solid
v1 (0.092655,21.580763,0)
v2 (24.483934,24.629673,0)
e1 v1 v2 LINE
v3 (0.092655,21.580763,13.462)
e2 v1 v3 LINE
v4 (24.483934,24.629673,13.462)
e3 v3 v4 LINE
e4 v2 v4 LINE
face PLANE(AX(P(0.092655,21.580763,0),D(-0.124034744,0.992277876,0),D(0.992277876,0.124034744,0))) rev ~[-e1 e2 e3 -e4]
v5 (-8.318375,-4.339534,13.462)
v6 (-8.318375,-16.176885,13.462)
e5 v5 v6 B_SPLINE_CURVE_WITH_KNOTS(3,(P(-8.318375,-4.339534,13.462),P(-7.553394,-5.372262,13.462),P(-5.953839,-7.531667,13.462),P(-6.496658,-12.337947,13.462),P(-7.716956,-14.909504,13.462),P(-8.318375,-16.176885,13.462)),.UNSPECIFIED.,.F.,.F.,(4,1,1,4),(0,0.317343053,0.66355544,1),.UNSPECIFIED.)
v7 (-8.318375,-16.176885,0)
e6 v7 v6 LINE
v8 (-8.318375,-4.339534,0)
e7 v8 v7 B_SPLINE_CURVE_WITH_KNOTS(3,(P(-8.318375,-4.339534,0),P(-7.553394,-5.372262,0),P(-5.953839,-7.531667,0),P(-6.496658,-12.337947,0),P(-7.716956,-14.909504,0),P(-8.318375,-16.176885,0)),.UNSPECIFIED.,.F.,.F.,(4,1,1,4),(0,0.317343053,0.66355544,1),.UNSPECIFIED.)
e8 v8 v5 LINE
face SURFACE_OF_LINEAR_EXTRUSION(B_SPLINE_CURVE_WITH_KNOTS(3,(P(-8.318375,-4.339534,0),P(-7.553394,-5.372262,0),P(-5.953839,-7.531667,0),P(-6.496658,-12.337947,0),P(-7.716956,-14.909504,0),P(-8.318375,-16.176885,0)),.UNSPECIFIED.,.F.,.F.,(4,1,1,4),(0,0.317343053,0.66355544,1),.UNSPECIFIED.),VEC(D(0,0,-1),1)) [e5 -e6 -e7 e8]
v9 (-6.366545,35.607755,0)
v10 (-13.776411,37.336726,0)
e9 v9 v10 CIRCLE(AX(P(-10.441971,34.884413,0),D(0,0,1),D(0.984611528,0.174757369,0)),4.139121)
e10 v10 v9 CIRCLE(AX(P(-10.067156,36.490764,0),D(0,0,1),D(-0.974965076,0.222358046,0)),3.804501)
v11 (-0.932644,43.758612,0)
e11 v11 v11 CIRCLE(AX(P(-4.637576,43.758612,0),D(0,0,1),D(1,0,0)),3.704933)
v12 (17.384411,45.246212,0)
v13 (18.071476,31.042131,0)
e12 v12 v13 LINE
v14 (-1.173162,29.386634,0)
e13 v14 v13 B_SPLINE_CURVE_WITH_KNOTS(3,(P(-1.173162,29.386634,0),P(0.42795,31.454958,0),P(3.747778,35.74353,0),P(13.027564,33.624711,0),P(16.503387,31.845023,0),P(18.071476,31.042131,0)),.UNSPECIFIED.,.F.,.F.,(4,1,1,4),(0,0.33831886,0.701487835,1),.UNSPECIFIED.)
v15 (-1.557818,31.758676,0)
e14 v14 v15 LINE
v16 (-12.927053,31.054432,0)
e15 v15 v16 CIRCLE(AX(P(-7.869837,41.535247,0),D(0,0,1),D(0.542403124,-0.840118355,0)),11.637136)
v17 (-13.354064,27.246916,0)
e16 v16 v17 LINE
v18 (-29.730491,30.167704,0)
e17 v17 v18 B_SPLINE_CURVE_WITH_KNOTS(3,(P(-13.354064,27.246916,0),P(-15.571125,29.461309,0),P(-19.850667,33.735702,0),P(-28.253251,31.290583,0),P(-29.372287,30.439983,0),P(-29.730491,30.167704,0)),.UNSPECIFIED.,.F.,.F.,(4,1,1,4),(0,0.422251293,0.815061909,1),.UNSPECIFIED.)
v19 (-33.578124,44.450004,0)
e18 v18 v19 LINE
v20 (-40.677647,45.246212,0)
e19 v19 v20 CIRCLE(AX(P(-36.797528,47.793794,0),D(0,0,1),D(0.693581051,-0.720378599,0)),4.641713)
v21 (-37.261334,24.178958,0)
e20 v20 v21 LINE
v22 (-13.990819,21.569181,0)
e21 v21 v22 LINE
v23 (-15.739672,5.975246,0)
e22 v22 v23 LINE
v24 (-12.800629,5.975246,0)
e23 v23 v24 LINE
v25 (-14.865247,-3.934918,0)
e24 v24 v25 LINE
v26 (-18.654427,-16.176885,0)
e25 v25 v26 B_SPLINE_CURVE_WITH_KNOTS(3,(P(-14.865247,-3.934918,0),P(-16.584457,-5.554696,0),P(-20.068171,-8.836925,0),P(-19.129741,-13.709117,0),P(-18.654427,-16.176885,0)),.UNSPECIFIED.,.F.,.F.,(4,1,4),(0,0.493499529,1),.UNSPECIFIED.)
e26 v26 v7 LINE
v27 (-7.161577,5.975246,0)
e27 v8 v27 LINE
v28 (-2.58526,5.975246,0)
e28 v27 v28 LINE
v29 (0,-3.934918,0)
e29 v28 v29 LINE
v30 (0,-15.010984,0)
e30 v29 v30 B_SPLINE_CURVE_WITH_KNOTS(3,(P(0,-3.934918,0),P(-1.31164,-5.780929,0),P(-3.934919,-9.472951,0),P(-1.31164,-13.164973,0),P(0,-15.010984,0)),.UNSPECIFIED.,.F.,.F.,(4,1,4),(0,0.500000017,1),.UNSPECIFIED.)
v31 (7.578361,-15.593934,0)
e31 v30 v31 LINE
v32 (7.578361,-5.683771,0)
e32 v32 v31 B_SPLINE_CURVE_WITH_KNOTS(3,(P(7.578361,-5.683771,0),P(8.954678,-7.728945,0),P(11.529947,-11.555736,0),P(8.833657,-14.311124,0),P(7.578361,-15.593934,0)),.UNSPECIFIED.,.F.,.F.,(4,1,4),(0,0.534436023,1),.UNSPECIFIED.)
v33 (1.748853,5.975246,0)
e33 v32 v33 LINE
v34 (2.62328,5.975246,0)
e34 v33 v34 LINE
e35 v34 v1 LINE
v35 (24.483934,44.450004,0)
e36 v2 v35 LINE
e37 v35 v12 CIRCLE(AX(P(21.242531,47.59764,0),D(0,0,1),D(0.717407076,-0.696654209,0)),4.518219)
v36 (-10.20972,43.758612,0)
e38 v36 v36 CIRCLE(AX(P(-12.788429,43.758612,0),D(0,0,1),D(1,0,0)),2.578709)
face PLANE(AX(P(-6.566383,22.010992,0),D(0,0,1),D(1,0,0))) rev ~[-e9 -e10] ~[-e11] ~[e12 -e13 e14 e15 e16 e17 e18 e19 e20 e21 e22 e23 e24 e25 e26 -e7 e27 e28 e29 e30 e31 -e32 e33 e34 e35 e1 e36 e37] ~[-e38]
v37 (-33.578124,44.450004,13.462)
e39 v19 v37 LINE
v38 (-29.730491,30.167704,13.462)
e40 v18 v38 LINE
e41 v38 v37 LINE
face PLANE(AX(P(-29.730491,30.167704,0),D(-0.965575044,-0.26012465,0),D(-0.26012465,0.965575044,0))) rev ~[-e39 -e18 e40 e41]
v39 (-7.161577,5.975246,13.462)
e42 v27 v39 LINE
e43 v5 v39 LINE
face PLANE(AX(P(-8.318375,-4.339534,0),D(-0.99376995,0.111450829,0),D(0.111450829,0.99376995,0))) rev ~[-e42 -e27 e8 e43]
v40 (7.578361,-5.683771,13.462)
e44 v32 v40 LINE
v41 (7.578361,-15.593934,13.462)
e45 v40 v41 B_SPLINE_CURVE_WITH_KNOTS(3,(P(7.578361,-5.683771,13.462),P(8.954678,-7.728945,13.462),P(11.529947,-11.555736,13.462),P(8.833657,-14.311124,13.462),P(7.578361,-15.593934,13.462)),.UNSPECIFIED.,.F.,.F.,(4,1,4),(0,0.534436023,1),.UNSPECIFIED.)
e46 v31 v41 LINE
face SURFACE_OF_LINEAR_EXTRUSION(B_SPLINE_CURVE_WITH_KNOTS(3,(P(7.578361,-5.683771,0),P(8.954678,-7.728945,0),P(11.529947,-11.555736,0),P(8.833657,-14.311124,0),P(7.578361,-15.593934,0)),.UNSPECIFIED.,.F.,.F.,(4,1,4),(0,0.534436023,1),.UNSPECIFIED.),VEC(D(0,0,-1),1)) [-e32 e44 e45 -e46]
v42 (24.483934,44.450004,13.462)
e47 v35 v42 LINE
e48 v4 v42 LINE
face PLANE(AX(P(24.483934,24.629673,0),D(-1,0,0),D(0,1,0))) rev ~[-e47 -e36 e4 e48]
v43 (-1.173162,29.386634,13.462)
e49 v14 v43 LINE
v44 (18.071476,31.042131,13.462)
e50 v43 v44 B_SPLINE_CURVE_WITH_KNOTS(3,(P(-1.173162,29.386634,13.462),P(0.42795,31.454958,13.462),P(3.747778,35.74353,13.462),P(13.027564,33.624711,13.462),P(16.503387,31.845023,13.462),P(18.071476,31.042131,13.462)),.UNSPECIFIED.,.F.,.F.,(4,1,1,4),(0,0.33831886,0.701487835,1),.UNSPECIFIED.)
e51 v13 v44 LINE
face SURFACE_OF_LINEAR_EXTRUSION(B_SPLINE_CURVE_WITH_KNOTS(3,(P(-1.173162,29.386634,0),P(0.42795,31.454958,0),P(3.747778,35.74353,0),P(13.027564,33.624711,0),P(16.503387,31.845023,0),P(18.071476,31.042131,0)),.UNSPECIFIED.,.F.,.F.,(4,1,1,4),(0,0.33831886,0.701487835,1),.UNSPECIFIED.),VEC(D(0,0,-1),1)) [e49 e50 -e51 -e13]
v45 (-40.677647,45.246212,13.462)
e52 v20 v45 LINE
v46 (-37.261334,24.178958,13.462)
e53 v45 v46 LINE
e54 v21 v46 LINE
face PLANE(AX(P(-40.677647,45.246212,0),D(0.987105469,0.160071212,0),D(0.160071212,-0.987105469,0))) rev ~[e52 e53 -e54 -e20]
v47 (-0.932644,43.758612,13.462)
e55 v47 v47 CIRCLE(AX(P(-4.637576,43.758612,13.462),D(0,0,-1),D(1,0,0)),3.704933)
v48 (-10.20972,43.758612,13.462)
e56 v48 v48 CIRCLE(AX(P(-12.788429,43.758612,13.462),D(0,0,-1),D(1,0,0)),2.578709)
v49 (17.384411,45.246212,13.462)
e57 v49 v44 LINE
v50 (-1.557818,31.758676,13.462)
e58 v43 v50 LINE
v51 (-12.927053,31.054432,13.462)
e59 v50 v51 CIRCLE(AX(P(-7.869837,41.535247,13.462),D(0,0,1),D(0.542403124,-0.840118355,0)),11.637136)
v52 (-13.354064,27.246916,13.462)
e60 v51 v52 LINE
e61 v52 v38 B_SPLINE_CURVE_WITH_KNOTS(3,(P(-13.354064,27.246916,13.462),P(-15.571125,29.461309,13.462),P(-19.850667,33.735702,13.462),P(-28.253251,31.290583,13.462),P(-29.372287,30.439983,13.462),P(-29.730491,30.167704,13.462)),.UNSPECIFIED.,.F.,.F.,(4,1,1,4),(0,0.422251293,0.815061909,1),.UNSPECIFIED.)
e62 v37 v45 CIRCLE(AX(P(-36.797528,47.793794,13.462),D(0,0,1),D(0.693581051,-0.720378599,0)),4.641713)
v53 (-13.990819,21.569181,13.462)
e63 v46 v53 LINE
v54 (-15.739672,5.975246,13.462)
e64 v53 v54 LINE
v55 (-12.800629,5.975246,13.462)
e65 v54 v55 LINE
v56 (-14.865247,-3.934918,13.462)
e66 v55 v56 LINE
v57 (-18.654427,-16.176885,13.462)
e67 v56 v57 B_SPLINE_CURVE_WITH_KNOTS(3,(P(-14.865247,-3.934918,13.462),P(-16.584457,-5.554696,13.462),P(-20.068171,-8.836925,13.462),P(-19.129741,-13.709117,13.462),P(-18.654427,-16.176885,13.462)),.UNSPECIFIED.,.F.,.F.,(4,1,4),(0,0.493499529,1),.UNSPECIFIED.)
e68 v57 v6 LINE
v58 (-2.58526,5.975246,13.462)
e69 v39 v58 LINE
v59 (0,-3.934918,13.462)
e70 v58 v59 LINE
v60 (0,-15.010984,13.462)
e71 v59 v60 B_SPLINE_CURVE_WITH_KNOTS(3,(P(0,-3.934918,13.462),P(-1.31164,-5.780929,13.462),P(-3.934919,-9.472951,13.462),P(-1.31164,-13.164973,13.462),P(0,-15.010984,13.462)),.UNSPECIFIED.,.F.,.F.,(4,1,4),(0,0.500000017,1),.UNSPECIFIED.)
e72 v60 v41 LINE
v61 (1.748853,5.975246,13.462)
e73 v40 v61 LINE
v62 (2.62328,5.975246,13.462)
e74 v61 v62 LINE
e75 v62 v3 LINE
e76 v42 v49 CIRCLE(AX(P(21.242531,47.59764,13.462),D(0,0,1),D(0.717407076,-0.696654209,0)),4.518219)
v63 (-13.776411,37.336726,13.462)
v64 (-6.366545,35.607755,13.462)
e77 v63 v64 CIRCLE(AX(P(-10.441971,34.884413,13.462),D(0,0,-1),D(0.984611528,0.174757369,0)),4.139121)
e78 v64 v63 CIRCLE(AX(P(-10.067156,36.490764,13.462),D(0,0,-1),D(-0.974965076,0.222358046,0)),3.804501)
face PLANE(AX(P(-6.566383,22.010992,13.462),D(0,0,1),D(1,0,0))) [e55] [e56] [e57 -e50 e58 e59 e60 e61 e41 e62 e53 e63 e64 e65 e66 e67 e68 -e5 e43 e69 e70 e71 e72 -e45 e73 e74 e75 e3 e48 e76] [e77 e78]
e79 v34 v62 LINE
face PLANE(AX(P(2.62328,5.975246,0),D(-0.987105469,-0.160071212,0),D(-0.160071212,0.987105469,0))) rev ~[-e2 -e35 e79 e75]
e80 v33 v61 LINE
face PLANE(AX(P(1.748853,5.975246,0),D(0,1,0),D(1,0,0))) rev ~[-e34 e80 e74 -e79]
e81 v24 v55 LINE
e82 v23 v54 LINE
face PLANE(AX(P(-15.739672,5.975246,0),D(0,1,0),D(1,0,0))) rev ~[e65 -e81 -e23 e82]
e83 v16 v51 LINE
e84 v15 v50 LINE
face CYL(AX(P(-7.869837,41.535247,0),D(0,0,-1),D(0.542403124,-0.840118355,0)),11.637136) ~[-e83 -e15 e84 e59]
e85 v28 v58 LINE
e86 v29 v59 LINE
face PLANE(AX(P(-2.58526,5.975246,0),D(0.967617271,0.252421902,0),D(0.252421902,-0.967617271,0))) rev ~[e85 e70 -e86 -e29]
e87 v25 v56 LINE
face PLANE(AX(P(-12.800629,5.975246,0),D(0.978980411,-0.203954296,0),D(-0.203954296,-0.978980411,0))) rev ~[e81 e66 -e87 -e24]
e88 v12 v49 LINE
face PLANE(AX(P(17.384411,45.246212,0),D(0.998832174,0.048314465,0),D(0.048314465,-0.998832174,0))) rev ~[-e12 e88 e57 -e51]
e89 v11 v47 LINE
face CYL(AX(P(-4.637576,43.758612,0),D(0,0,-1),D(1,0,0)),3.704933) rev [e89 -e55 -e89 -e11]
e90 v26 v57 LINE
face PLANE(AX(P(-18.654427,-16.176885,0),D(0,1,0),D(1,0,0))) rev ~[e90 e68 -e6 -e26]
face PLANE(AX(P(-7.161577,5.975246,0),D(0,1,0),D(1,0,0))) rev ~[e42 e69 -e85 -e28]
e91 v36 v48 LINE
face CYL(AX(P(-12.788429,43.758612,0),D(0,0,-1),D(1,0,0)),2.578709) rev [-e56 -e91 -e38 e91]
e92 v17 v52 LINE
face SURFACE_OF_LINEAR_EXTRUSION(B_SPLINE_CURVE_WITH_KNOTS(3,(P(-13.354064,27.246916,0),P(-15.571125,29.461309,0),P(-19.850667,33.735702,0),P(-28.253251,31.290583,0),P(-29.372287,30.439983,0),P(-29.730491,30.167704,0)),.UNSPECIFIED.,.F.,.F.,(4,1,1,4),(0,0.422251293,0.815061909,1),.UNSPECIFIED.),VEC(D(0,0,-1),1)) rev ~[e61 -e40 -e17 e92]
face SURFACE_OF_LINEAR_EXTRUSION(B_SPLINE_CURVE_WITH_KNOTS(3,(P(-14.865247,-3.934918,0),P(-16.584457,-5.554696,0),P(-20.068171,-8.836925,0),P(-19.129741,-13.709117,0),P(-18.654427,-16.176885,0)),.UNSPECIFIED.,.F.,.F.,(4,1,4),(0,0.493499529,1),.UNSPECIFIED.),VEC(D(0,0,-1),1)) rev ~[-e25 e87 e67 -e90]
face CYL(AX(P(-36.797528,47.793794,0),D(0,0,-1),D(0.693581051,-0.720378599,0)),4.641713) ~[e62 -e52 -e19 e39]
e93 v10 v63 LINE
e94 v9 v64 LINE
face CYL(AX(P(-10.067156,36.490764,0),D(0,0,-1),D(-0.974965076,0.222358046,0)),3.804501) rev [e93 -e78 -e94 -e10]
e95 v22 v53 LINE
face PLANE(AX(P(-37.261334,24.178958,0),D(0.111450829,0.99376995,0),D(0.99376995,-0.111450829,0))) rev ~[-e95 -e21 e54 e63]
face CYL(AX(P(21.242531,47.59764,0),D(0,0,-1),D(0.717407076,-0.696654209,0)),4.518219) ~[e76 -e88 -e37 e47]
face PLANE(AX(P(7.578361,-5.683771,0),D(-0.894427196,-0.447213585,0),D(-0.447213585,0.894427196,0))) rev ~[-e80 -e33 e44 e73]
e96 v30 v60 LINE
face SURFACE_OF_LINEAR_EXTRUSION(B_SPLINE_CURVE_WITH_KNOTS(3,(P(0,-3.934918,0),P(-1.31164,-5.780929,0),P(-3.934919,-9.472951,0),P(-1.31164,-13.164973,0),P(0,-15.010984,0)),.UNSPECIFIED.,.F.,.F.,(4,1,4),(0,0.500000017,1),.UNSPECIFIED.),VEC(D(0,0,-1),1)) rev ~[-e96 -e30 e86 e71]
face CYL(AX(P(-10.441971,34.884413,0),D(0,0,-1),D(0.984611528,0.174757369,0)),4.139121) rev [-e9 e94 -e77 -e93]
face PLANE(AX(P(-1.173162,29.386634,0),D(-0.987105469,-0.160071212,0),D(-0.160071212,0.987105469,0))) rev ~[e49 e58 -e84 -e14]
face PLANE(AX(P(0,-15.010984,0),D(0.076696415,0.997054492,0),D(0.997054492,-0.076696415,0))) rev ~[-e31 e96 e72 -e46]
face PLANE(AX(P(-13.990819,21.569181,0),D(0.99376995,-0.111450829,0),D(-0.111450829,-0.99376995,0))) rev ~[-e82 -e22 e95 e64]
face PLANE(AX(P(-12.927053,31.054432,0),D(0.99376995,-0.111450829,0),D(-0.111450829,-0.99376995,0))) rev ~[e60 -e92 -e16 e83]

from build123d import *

# Parameters (mm, degrees)
F1_DEPTH = 13.462
F2_R     = 2.5787086855
F2_R_2   = 3.7049325183
F3_DEPTH = 51.054


with BuildPart() as f1:
    # F0 (on Top) → F1 (new body)
    with BuildSketch(Plane.XY):
        with BuildLine():
            Line((-1.1731624716, 29.386633506), (-1.5578181103, 31.7586758036))
            ThreePointArc((-1.5578181103, 31.7586758036), (-8.5892966055, 53.1501214266), (-12.9270530787, 31.0544317011))
            Line((-12.9270530787, 31.0544317011), (-13.3540641995, 27.2469156661))
            add(Edge.make_bspline(
                [(-13.3540641995, 27.2469156661), (-15.5711252213, 29.4613092868), (-19.8506668609, 33.7357021036), (-28.2532507221, 31.2905825189), (-29.3722865567, 30.4399825667), (-29.7304913402, 30.1677044481)],
                knots=[0, 0, 0, 0, 0.4222512928, 0.8150619094, 1, 1, 1, 1], degree=3))
            Line((-29.7304913402, 30.1677044481), (-33.5781240097, 44.4500036538))
            ThreePointArc((-33.5781240097, 44.4500036538), (-36.2802052519, 52.4065887456), (-40.6776466348, 45.246211755))
            Line((-40.6776466348, 45.246211755), (-37.2613340838, 24.1789581996))
            Line((-37.2613340838, 24.1789581996), (-13.9908194542, 21.5691810008))
            Line((-13.9908194542, 21.5691810008), (-15.739671886, 5.9752459638))
            Line((-15.739671886, 5.9752459638), (-12.8006286751, 5.9752459638))
            Line((-12.8006286751, 5.9752459638), (-14.8652466014, -3.9349179715))
            add(Edge.make_bspline(
                [(-14.8652466014, -3.9349179715), (-16.5844574114, -5.5546961752), (-20.0681705882, -8.836924648), (-19.1297413908, -13.7091171795), (-18.6544265598, -16.1768849941)],
                knots=[0, 0, 0, 0, 0.4934995285, 1, 1, 1, 1], degree=3))
            Line((-18.6544265598, -16.1768849941), (-8.318375005, -16.1768849941))
            add(Edge.make_bspline(
                [(-8.318375005, -4.3395342669), (-7.5533936495, -5.3722621317), (-5.9538390521, -7.5316671838), (-6.4966581003, -12.3379470113), (-7.7169562666, -14.9095040786), (-8.318375005, -16.1768849941)],
                knots=[0, 0, 0, 0, 0.3173430534, 0.66355544, 1, 1, 1, 1], degree=3))
            Line((-8.318375005, -4.3395342669), (-7.1615772854, 5.9752459638))
            Line((-7.1615772854, 5.9752459638), (-2.5852602094, 5.9752459638))
            Line((-2.5852602094, 5.9752459638), (0, -3.9349179715))
            add(Edge.make_bspline(
                [(0, -3.9349179715), (-1.3116395867, -5.7809291246), (-3.93491867, -9.472951304), (-1.3116395266, -13.1649729324), (0, -15.0109836832)],
                knots=[0, 0, 0, 0, 0.5000000172, 1, 1, 1, 1], degree=3))
            Line((0, -15.0109836832), (7.5783608482, -15.5939338729))
            add(Edge.make_bspline(
                [(7.5783608482, -5.6837708689), (8.9546777152, -7.7289454385), (11.5299473575, -11.555735699), (8.8336566649, -14.311124231), (7.5783608482, -15.5939338729)],
                knots=[0, 0, 0, 0, 0.5344360235, 1, 1, 1, 1], degree=3))
            Line((7.5783608482, -5.6837708689), (1.7488526109, 5.9752459638))
            Line((1.7488526109, 5.9752459638), (2.6232800447, 5.9752459638))
            Line((2.6232800447, 5.9752459638), (0.092654822, 21.5807628544))
            Line((0.092654822, 21.5807628544), (24.4839340448, 24.6296729892))
            Line((24.4839340448, 24.6296729892), (24.4839340448, 44.4500036538))
            ThreePointArc((24.4839340448, 44.4500036538), (21.7460907945, 52.0877108226), (17.3844114197, 45.246211755))
            Line((17.3844114197, 45.246211755), (18.0714763701, 31.042130664))
            add(Edge.make_bspline(
                [(-1.1731624716, 29.386633506), (0.4279496161, 31.4549583801), (3.7477782874, 35.7435302243), (13.027564404, 33.6247114531), (16.5033868264, 31.8450229346), (18.0714763701, 31.042130664)],
                knots=[0, 0, 0, 0, 0.3383188601, 0.7014878349, 1, 1, 1, 1], degree=3))
        make_face()
    extrude(amount=F1_DEPTH)

    # F2 (on Top) → F3 (cut)
    with BuildSketch(Plane.XY):
        with Locations((-12.788428925, 43.7586121261)):
            Circle(F2_R)
        with Locations((-4.637576174, 43.7586121261)):
            Circle(F2_R_2)
        with BuildLine():
            ThreePointArc((-6.3665448688, 35.6077551842), (-9.5014396327, 38.9152599692), (-13.7764113024, 37.3367257416))
            ThreePointArc((-13.7764113024, 37.3367257416), (-10.9316519215, 32.7857848398), (-6.3665448688, 35.6077551842))
        make_face()
    extrude(amount=F3_DEPTH, mode=Mode.SUBTRACT)


solid = f1.part
